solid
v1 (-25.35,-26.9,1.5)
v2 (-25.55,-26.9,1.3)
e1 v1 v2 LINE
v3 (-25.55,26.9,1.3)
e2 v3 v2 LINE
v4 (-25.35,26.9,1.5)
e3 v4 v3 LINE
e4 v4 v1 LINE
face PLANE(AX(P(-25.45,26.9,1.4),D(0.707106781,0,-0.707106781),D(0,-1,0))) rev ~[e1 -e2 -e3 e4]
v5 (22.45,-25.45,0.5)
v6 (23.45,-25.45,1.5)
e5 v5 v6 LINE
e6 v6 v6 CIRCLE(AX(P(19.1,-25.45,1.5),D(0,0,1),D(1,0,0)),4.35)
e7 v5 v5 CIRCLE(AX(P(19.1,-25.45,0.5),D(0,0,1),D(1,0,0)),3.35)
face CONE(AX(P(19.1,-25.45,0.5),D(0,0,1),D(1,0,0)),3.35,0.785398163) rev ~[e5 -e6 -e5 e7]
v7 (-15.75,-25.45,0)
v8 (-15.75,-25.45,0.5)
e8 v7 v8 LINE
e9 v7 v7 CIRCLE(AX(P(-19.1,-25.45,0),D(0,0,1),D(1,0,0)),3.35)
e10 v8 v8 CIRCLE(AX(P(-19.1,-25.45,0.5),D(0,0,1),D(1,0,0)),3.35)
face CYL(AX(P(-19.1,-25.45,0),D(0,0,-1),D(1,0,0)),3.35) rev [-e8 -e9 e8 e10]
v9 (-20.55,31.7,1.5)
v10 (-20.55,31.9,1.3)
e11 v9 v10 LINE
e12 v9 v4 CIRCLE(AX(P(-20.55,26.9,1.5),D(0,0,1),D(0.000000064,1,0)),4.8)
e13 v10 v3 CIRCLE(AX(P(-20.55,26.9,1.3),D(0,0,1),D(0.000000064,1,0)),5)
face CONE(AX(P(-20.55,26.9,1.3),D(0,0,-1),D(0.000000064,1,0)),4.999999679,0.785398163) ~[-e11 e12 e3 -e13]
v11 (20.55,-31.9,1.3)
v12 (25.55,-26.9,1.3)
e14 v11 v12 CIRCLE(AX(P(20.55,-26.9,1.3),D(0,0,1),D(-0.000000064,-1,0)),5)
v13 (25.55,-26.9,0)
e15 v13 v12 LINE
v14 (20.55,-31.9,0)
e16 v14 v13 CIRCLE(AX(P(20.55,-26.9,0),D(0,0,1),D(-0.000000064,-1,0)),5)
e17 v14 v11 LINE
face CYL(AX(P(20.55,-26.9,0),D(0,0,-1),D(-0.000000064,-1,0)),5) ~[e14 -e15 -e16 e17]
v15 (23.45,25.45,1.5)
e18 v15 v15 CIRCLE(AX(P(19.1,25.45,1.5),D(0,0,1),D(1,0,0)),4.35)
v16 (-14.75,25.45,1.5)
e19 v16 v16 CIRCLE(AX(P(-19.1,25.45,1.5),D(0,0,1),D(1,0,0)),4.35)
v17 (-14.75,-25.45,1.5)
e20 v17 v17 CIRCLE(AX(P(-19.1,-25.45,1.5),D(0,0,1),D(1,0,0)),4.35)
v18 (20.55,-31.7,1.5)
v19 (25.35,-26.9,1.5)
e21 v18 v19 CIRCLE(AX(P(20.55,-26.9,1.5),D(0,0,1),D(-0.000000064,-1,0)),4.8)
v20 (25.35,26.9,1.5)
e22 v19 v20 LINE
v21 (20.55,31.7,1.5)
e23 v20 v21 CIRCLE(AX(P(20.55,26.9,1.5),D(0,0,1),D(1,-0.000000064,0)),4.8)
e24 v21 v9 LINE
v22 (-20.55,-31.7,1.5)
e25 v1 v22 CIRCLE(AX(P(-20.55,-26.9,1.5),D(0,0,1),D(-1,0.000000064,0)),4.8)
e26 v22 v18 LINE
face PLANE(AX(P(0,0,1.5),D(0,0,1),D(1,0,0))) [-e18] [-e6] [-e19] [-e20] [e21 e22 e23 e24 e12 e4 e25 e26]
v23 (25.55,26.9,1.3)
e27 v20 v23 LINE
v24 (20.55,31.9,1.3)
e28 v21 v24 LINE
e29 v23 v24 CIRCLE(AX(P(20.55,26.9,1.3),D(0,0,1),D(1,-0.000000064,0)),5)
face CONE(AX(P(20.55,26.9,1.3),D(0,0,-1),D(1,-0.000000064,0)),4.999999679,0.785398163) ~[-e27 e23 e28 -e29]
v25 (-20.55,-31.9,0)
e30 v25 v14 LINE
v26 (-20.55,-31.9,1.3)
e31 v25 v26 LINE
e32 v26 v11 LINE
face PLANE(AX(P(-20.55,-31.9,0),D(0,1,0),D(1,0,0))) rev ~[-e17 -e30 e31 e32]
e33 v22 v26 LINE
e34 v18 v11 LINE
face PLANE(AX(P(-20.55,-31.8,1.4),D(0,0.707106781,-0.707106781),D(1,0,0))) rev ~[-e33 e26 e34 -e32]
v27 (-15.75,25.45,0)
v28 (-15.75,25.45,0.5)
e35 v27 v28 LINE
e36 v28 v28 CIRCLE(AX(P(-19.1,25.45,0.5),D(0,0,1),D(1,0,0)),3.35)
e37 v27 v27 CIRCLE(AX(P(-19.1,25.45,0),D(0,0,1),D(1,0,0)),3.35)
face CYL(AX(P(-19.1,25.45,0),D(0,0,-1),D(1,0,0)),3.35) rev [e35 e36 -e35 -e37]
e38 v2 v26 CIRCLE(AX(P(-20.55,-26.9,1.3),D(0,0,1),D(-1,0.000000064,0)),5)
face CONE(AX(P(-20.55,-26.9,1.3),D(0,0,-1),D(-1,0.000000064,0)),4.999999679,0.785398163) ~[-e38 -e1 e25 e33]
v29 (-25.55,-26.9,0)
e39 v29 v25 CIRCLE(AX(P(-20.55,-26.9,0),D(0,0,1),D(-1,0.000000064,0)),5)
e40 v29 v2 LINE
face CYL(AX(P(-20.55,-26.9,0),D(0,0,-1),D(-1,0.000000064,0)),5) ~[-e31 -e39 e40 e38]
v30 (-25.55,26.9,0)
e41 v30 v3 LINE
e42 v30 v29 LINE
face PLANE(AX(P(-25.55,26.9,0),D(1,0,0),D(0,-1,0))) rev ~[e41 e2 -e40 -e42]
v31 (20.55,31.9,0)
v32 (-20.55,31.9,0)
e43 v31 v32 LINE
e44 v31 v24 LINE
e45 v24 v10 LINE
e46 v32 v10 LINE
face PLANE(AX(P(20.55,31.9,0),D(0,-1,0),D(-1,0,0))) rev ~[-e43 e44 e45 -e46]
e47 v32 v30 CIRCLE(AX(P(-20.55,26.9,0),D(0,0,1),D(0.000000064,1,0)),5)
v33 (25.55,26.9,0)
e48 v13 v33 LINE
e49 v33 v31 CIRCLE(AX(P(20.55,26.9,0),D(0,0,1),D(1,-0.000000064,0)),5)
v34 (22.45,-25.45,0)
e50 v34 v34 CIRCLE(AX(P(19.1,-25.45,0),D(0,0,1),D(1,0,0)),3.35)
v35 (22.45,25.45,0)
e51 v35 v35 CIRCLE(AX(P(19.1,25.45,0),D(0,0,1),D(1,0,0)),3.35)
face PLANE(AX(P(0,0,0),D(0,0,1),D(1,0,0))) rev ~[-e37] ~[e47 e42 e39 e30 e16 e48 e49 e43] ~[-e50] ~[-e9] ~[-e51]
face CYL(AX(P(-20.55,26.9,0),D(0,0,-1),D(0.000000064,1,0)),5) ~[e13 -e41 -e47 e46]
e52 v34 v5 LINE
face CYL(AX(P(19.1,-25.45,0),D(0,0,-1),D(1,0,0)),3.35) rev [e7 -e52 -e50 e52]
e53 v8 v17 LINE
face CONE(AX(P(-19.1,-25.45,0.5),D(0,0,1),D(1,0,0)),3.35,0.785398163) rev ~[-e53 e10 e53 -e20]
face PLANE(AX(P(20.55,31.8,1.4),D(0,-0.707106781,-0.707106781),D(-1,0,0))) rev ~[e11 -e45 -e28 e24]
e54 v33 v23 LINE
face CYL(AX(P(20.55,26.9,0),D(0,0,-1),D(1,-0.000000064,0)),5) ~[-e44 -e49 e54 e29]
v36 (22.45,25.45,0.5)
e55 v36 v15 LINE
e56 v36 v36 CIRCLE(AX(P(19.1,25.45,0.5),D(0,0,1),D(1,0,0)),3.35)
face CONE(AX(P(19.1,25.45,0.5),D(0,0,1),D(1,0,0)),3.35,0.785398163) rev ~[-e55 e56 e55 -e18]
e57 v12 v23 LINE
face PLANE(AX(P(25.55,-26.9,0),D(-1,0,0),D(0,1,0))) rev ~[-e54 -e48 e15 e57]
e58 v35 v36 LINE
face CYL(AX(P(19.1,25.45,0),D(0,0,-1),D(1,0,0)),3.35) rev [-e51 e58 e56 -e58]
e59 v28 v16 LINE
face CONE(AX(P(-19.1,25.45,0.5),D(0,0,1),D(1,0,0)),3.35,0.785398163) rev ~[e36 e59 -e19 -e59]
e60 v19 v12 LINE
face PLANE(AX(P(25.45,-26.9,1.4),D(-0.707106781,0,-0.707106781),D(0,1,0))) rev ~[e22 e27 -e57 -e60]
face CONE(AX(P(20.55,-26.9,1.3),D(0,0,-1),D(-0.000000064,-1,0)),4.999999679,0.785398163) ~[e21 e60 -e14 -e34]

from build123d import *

# Parameters (mm, degrees)
F0_R     = 3.35
F1_DEPTH = 1.5
F2_SIZE  = 1
F3_SIZE  = 0.2


with BuildPart() as f1:
    # F0 (on Top) → F1 (new body)
    with BuildSketch(Plane.XY):
        with BuildLine():
            Line((20.55, 31.9), (-20.55, 31.9))
            ThreePointArc((-20.55, 31.9), (-24.085534, 30.435534), (-25.55, 26.9))
            Line((-25.55, 26.9), (-25.55, -26.9))
            ThreePointArc((-25.55, -26.9), (-24.085534, -30.435534), (-20.55, -31.9))
            Line((-20.55, -31.9), (20.55, -31.9))
            ThreePointArc((20.55, -31.9), (24.085534, -30.435534), (25.55, -26.9))
            Line((25.55, -26.9), (25.55, 26.9))
            ThreePointArc((25.55, 26.9), (24.085534, 30.435534), (20.55, 31.9))
        make_face()
        with Locations((-19.1, -25.45)):
            Circle(F0_R, mode=Mode.SUBTRACT)
        with Locations((19.1, -25.45)):
            Circle(F0_R, mode=Mode.SUBTRACT)
        with Locations((-19.1, 25.45)):
            Circle(F0_R, mode=Mode.SUBTRACT)
        with Locations((19.1, 25.45)):
            Circle(F0_R, mode=Mode.SUBTRACT)
    extrude(amount=F1_DEPTH)

    # F2
    f2_edges = [f1.edges().sort_by_distance(p)[0] for p in [
        (-22.45, 25.45, 1.5),
        (15.75, 25.45, 1.5),
        (15.75, -25.45, 1.5),
        (-22.45, -25.45, 1.5),
    ]]
    chamfer(f2_edges, length=F2_SIZE)

    # F3
    f3_edges = [f1.edges().sort_by_distance(p)[0] for p in [
        (-24.085534, 30.435534, 1.5),
        (-25.55, 0, 1.5),
        (-24.085534, -30.435534, 1.5),
        (0, 31.9, 1.5),
        (24.085534, 30.435534, 1.5),
        (25.55, 0, 1.5),
        (24.085534, -30.435534, 1.5),
        (0, -31.9, 1.5),
    ]]
    chamfer(f3_edges, length=F3_SIZE)


solid = f1.part
